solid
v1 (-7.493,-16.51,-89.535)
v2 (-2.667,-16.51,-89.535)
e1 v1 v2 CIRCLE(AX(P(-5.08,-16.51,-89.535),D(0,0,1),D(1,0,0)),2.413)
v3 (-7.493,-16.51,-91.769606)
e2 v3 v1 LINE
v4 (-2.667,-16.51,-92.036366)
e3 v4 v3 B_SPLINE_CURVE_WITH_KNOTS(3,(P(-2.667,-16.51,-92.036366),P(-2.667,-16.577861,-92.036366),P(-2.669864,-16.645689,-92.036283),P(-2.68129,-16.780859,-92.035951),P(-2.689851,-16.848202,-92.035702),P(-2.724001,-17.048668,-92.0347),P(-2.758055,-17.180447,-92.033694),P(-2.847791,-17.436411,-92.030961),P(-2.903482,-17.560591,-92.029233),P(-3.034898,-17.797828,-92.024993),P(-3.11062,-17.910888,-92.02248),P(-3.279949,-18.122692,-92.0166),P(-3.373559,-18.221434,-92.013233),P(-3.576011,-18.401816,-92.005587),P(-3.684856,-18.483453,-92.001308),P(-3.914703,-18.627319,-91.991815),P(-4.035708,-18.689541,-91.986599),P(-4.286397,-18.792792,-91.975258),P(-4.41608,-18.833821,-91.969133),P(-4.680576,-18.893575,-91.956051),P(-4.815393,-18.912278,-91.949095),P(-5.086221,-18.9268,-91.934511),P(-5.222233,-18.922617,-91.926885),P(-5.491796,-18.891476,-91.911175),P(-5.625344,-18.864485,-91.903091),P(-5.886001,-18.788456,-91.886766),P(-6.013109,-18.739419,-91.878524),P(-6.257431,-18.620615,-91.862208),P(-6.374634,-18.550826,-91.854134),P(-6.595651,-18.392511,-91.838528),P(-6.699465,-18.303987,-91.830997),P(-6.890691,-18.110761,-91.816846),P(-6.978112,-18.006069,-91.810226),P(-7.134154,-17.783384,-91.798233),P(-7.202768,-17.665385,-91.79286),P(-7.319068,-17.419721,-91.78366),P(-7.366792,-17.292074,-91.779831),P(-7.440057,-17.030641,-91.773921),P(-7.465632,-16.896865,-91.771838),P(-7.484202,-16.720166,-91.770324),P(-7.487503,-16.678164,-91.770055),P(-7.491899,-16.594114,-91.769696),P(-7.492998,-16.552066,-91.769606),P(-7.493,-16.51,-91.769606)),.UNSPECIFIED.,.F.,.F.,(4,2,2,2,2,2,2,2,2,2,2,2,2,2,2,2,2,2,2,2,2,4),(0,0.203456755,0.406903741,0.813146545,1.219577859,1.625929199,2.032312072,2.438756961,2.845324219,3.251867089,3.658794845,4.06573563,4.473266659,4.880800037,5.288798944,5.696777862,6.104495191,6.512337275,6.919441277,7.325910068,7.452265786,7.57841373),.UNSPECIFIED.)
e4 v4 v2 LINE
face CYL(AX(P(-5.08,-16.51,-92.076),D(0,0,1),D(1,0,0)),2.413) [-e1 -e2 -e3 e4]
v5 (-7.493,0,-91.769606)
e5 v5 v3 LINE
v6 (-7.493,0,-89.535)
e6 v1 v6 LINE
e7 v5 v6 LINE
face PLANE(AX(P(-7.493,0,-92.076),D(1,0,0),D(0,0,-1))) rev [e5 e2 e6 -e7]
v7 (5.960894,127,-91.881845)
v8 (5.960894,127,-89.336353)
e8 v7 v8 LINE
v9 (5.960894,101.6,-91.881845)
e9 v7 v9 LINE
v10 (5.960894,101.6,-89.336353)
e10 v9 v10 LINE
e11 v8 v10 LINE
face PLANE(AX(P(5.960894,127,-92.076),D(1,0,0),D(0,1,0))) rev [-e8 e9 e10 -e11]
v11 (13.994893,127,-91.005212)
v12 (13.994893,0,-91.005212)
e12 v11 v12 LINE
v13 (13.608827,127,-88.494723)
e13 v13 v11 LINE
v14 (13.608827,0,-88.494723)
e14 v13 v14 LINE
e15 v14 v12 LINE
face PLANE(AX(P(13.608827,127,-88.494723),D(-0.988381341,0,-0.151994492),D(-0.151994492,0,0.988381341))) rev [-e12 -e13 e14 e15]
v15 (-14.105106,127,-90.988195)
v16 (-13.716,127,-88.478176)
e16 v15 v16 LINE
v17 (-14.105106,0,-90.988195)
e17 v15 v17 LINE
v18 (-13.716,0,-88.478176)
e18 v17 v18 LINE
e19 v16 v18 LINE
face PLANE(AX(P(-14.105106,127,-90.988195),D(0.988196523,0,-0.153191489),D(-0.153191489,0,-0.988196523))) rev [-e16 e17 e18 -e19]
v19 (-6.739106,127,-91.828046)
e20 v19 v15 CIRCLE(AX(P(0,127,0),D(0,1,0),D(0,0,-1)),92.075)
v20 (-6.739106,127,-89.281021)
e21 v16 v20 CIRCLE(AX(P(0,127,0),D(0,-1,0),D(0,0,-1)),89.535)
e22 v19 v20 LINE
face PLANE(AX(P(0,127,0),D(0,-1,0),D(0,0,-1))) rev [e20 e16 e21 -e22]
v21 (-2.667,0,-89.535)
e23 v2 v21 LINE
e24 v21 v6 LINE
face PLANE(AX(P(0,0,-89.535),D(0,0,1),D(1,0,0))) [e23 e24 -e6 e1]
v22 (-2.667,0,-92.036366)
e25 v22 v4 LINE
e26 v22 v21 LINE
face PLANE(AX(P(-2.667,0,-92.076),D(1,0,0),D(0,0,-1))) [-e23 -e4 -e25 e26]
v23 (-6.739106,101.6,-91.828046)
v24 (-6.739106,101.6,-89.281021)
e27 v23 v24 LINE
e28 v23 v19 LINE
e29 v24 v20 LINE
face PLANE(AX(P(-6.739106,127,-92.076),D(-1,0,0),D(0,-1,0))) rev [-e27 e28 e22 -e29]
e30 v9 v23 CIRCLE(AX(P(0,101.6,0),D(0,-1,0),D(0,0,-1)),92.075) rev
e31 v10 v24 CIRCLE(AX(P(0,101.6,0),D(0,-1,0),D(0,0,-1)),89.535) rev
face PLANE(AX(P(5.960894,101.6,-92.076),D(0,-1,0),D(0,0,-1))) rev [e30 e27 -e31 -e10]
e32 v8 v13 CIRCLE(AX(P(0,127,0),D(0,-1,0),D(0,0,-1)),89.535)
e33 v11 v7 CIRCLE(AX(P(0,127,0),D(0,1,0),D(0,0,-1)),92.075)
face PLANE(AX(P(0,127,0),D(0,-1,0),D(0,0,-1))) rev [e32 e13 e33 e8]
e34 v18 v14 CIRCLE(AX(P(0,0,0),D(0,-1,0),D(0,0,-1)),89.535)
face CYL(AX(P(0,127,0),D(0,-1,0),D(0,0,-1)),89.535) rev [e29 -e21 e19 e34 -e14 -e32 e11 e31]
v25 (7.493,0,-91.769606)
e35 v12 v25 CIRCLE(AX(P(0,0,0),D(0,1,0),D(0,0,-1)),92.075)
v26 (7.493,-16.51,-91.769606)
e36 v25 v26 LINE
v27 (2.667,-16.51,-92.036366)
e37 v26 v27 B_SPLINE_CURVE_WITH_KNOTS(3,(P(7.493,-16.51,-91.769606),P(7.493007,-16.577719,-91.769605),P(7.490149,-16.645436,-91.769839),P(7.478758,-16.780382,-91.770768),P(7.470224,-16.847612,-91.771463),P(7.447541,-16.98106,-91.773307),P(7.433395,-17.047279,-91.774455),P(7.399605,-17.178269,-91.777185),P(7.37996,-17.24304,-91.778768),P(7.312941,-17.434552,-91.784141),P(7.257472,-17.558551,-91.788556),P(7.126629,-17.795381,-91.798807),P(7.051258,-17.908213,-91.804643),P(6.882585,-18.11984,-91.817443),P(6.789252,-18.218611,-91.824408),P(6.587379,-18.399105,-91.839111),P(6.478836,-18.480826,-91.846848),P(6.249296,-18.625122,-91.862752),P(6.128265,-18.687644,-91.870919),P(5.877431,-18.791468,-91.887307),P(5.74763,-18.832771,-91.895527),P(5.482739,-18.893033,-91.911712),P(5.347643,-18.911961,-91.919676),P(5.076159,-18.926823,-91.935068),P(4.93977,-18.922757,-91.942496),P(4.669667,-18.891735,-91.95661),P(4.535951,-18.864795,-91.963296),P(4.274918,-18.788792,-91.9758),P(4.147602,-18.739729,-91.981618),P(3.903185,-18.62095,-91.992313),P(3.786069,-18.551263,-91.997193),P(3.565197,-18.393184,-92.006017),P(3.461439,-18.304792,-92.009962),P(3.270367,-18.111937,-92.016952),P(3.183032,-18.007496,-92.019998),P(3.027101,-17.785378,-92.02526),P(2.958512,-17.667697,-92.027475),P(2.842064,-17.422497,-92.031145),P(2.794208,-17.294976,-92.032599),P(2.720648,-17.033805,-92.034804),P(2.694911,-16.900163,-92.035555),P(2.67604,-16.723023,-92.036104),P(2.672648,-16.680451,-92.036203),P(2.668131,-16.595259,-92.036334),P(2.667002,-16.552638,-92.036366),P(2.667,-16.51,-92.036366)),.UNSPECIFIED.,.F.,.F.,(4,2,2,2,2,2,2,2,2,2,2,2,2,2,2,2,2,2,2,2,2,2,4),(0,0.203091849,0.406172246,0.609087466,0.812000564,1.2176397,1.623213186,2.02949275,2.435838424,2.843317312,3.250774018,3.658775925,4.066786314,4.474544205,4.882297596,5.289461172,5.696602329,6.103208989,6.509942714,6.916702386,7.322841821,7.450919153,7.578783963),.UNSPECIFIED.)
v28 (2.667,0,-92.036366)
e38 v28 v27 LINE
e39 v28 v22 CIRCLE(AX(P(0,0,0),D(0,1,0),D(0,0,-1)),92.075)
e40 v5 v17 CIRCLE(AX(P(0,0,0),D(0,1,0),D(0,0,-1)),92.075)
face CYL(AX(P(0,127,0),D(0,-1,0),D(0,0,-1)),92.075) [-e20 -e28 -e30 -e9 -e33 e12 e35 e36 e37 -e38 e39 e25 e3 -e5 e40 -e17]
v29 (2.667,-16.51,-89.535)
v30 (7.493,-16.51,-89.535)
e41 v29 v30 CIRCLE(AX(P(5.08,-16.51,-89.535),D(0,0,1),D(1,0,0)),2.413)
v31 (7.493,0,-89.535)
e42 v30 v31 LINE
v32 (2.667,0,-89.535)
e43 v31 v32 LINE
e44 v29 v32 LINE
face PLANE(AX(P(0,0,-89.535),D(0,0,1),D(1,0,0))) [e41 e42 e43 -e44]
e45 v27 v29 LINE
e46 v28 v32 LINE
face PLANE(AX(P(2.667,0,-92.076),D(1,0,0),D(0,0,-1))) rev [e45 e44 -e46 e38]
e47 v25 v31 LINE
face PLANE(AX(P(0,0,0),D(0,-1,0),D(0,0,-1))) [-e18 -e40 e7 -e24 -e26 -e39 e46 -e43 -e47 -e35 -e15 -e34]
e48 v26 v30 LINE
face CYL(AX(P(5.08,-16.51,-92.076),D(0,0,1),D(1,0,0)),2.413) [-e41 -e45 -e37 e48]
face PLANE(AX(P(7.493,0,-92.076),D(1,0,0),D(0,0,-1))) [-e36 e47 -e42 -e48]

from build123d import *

# Parameters (mm, degrees)
BOSS_EXTRUDE1_DEPTH      = 127
BOSS_EXTRUDE5_REACH      = 249.033
BOSS_EXTRUDE5_END_RADIUS = 92.075
BOSS_EXTRUDE5_START      = -89.535
CUT_EXTRUDE4_REACH       = 159.498
CUT_EXTRUDE4_END_RADIUS  = 92.075
SKETCH9_W                = 12.7
SKETCH9_H                = 25.4


with BuildPart() as part:
    # Sketch1 → Boss-Extrude1 (new body)
    with BuildSketch(Plane(origin=(0, 0, 0), x_dir=(1, 0, 0), z_dir=(0, 1, 0))):
        with BuildLine():
            Line((-14.105106383, 90.988194833), (-13.716, 88.478175665))
            ThreePointArc((-13.716, 88.478175665), (-0.054221583, 89.534983582), (13.608826801, 88.494723335))
            Line((13.608826801, 88.494723335), (13.994892809, 91.00521194))
            ThreePointArc((13.994892809, 91.00521194), (-0.055759783, 92.074983116), (-14.105106383, 90.988194833))
        make_face()
    extrude(amount=BOSS_EXTRUDE1_DEPTH)

    # Boss-Extrude5: up to this cylinder (the profile starts inside it)
    boss_extrude5_end = Plane(origin=(0, -9.210463, 0), z_dir=(0, -1, 0)) * Cylinder(BOSS_EXTRUDE5_END_RADIUS, 683.216, mode=Mode.PRIVATE)
    # Sketch7 → Boss-Extrude5 (add, up to the surface)
    with BuildSketch(Plane.XY.offset(BOSS_EXTRUDE5_START), mode=Mode.PRIVATE) as boss_extrude5_sk1:
        with BuildLine():
            Line((-2.667, -16.51), (-2.667, 0))
            Line((-2.667, 0), (-7.493, 0))
            Line((-7.493, 0), (-7.493, -16.51))
            ThreePointArc((-7.493, -16.51), (-5.08, -18.923), (-2.667, -16.51))
        make_face()
    boss_extrude5_tool1 = extrude(boss_extrude5_sk1.sketch, amount=-BOSS_EXTRUDE5_REACH, mode=Mode.PRIVATE) & boss_extrude5_end
    add(boss_extrude5_tool1.solids().sort_by_distance((-5.08, -9.210463, -89.535))[0])
    # Sketch7 → Boss-Extrude5 (add, up to the surface)
    with BuildSketch(Plane.XY.offset(BOSS_EXTRUDE5_START), mode=Mode.PRIVATE) as boss_extrude5_sk2:
        with BuildLine():
            Line((2.667, 0), (2.667, -16.51))
            ThreePointArc((2.667, -16.51), (5.08, -18.923), (7.493, -16.51))
            Line((7.493, -16.51), (7.493, 0))
            Line((7.493, 0), (2.667, 0))
        make_face()
    boss_extrude5_tool2 = extrude(boss_extrude5_sk2.sketch, amount=-BOSS_EXTRUDE5_REACH, mode=Mode.PRIVATE) & boss_extrude5_end
    add(boss_extrude5_tool2.solids().sort_by_distance((5.08, -9.210463, -89.535))[0])

    # Cut-Extrude4: up to this cylinder (the profile starts inside it)
    cut_extrude4_end = Plane(origin=(0, 114.3, 0), z_dir=(0, -1, 0)) * Cylinder(CUT_EXTRUDE4_END_RADIUS, 504.146, mode=Mode.PRIVATE)
    # Sketch9 → Cut-Extrude4 (cut, up to the surface)
    with BuildSketch(Plane.XY, mode=Mode.PRIVATE) as cut_extrude4_sk1:
        with Locations((-0.389106383, 114.3)):
            Rectangle(SKETCH9_W, SKETCH9_H)
    cut_extrude4_tool1 = extrude(cut_extrude4_sk1.sketch, amount=-CUT_EXTRUDE4_REACH, mode=Mode.PRIVATE) & cut_extrude4_end
    add(cut_extrude4_tool1.solids().sort_by_distance((-0.389106, 114.3, 0))[0], mode=Mode.SUBTRACT)


solid = part.part
